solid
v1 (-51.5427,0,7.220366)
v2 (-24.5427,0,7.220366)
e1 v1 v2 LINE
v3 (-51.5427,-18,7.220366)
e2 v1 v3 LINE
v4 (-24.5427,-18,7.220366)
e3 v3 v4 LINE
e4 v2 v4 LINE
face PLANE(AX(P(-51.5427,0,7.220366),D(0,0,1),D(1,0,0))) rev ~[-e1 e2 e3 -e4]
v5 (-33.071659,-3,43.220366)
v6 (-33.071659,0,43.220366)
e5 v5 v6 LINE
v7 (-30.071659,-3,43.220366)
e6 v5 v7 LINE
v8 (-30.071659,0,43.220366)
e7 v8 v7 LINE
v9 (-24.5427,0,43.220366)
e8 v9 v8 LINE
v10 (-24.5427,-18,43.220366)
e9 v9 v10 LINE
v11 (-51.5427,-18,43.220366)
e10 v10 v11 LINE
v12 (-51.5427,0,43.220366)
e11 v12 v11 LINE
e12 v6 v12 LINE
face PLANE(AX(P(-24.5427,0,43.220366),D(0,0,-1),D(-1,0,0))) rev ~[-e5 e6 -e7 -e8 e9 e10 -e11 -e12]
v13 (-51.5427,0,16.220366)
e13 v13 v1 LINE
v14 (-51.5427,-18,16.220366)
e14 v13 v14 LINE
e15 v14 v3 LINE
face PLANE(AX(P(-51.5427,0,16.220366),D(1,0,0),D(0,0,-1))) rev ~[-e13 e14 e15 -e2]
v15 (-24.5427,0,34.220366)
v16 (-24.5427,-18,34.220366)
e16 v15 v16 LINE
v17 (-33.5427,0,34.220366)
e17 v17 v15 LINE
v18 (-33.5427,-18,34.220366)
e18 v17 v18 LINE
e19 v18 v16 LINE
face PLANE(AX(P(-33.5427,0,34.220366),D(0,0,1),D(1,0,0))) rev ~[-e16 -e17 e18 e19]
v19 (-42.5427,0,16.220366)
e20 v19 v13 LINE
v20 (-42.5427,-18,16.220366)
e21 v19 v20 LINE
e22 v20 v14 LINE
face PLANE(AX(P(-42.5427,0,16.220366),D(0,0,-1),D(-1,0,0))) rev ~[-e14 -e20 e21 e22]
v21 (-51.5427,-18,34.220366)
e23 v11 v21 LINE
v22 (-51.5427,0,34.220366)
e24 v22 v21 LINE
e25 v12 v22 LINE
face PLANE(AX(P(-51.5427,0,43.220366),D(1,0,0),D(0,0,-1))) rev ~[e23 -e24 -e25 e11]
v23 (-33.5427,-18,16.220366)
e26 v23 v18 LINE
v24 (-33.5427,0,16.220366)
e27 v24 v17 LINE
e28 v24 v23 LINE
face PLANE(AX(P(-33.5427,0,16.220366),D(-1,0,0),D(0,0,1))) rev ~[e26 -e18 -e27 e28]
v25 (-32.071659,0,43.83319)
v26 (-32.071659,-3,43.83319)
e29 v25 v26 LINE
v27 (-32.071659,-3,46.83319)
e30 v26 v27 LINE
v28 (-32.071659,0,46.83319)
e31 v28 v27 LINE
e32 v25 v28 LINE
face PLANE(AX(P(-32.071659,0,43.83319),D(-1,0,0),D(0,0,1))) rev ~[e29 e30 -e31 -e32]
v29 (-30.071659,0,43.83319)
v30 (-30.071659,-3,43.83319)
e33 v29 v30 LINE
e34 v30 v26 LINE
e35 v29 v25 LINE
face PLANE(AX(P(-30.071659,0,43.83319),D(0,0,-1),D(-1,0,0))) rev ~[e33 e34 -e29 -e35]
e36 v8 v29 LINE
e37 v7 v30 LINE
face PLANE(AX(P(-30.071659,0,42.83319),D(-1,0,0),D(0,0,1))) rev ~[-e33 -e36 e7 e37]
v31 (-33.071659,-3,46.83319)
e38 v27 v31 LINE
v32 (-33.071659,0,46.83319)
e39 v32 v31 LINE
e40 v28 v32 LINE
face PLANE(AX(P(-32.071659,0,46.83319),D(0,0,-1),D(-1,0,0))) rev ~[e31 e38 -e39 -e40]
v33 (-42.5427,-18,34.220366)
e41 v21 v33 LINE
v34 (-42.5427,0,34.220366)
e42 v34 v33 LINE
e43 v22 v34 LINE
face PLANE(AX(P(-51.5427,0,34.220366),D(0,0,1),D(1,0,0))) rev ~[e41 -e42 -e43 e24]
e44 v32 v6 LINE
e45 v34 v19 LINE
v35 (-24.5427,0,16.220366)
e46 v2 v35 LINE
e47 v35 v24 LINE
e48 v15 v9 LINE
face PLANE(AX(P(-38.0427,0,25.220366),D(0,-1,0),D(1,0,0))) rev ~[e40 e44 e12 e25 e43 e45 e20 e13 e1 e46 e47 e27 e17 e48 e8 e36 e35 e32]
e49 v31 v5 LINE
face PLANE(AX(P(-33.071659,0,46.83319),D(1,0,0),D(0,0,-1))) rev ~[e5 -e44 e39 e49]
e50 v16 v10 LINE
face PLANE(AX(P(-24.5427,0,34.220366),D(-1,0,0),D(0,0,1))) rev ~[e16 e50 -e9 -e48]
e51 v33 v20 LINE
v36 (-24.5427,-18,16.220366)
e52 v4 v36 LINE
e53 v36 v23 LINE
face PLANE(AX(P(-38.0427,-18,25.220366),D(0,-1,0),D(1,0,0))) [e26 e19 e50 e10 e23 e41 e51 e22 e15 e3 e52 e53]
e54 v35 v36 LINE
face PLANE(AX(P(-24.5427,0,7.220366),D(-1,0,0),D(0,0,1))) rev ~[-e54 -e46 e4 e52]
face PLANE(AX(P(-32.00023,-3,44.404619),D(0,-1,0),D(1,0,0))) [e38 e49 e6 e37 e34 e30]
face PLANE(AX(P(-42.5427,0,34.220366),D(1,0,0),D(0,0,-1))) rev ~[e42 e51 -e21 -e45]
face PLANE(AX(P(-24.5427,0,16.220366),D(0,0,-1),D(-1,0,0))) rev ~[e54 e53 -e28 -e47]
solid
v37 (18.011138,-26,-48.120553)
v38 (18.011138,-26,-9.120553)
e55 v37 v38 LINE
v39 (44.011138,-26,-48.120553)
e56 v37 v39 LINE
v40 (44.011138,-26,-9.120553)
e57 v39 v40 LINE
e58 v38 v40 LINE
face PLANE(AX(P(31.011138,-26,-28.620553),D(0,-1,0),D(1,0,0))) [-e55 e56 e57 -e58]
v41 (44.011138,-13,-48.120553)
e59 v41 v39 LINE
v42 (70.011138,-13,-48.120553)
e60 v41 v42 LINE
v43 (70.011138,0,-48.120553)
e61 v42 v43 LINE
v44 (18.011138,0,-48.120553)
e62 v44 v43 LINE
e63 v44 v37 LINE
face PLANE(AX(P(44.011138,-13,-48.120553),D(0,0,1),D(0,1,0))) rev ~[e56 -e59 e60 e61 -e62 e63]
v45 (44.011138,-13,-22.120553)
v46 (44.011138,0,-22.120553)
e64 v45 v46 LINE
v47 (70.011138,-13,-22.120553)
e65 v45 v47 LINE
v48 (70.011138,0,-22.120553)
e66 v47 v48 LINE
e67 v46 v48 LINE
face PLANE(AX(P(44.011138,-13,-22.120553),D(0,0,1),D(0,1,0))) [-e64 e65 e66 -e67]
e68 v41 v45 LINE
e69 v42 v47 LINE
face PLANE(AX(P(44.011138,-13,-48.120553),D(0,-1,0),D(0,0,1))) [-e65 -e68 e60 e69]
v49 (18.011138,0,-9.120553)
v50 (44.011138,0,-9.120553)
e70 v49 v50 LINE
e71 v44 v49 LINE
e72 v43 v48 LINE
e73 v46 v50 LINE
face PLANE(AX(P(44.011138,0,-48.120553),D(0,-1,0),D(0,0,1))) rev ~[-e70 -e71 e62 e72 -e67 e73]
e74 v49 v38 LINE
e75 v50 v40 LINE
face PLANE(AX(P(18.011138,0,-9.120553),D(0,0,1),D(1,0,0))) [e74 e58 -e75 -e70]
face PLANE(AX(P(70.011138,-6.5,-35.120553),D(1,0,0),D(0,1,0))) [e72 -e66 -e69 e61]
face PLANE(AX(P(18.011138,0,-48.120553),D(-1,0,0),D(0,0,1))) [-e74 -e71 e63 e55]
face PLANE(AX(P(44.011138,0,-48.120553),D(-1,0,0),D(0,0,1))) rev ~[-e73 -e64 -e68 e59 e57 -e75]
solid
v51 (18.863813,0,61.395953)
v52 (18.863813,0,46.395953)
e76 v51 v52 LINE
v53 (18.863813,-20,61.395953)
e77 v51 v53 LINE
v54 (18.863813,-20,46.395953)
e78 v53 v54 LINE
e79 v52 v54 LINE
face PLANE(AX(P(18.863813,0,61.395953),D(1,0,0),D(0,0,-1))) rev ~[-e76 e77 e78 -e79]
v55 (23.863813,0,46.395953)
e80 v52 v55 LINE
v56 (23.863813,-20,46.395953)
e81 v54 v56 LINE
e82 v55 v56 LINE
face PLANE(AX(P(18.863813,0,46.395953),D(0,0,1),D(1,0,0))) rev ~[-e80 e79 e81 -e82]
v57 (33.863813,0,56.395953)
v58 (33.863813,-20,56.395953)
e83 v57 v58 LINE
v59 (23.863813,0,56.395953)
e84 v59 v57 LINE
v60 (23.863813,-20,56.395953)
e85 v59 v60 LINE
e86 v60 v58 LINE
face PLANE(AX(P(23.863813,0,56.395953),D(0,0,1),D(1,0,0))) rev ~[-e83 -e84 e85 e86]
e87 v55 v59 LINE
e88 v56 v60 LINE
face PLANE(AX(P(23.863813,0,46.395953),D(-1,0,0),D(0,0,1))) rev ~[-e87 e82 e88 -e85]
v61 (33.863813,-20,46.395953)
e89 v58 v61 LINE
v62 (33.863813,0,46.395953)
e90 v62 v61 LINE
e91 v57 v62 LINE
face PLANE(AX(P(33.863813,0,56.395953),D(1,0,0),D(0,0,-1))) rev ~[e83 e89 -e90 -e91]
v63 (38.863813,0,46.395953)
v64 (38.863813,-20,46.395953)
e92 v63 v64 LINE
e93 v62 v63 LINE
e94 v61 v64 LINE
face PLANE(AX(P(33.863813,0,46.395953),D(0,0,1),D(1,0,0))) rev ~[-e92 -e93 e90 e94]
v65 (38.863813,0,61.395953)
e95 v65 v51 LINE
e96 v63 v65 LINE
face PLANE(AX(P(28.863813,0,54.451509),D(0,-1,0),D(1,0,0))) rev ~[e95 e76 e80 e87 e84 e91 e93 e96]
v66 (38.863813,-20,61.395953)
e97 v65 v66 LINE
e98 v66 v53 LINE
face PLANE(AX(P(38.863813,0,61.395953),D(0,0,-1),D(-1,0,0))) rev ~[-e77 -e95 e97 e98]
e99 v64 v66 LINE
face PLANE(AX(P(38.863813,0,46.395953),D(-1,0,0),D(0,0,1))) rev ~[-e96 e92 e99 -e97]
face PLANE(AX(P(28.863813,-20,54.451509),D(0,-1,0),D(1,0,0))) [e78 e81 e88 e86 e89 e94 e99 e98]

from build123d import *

# Parameters (mm, degrees)
F1_DEPTH = 3
F3_DEPTH = 20
F5_DEPTH = 18
F6_W     = 26
F6_H     = 39
F7_DEPTH = 26
F8_W     = 13
F8_H     = 26
F9_DEPTH = 26


with BuildPart() as f1:
    # F0 (on Front) → F1 (new body)
    with BuildSketch(Plane.XZ):
        Polygon((-32.071659, 46.83319), (-33.071659, 46.83319), (-33.071659, 42.83319), (-30.071659, 42.83319), (-30.071659, 43.83319), (-32.071659, 43.83319), align=None)
    extrude(amount=F1_DEPTH)

    # F4 (on Front) → F5 (join)
    with BuildSketch(Plane.XZ):
        Polygon((-24.5427, 43.220366), (-51.5427, 43.220366), (-51.5427, 34.220366), (-42.5427, 34.220366), (-42.5427, 16.220366), (-51.5427, 16.220366), (-51.5427, 7.220366), (-24.5427, 7.220366), (-24.5427, 16.220366), (-33.5427, 16.220366), (-33.5427, 34.220366), (-24.5427, 34.220366), align=None)
    extrude(amount=F5_DEPTH)


with BuildPart() as f3:
    # F2 (on Front) → F3 (new body)
    with BuildSketch(Plane.XZ):
        Polygon((18.863813, 61.395953), (18.863813, 46.395953), (23.863813, 46.395953), (23.863813, 56.395953), (33.863813, 56.395953), (33.863813, 46.395953), (38.863813, 46.395953), (38.863813, 61.395953), align=None)
    extrude(amount=F3_DEPTH)


with BuildPart() as f7:
    # F6 (on Front) → F7 (new body)
    with BuildSketch(Plane.XZ):
        with Locations((31.011138, -28.620553)):
            Rectangle(F6_W, F6_H)
    extrude(amount=F7_DEPTH)

    # F8 (on face) → F9 (join)
    with BuildSketch(Plane.YZ.offset(44.011138)):
        with Locations((-6.5, -35.120553)):
            Rectangle(F8_W, F8_H)
    extrude(amount=F9_DEPTH)


solid = Compound([f1.part, f3.part, f7.part])
